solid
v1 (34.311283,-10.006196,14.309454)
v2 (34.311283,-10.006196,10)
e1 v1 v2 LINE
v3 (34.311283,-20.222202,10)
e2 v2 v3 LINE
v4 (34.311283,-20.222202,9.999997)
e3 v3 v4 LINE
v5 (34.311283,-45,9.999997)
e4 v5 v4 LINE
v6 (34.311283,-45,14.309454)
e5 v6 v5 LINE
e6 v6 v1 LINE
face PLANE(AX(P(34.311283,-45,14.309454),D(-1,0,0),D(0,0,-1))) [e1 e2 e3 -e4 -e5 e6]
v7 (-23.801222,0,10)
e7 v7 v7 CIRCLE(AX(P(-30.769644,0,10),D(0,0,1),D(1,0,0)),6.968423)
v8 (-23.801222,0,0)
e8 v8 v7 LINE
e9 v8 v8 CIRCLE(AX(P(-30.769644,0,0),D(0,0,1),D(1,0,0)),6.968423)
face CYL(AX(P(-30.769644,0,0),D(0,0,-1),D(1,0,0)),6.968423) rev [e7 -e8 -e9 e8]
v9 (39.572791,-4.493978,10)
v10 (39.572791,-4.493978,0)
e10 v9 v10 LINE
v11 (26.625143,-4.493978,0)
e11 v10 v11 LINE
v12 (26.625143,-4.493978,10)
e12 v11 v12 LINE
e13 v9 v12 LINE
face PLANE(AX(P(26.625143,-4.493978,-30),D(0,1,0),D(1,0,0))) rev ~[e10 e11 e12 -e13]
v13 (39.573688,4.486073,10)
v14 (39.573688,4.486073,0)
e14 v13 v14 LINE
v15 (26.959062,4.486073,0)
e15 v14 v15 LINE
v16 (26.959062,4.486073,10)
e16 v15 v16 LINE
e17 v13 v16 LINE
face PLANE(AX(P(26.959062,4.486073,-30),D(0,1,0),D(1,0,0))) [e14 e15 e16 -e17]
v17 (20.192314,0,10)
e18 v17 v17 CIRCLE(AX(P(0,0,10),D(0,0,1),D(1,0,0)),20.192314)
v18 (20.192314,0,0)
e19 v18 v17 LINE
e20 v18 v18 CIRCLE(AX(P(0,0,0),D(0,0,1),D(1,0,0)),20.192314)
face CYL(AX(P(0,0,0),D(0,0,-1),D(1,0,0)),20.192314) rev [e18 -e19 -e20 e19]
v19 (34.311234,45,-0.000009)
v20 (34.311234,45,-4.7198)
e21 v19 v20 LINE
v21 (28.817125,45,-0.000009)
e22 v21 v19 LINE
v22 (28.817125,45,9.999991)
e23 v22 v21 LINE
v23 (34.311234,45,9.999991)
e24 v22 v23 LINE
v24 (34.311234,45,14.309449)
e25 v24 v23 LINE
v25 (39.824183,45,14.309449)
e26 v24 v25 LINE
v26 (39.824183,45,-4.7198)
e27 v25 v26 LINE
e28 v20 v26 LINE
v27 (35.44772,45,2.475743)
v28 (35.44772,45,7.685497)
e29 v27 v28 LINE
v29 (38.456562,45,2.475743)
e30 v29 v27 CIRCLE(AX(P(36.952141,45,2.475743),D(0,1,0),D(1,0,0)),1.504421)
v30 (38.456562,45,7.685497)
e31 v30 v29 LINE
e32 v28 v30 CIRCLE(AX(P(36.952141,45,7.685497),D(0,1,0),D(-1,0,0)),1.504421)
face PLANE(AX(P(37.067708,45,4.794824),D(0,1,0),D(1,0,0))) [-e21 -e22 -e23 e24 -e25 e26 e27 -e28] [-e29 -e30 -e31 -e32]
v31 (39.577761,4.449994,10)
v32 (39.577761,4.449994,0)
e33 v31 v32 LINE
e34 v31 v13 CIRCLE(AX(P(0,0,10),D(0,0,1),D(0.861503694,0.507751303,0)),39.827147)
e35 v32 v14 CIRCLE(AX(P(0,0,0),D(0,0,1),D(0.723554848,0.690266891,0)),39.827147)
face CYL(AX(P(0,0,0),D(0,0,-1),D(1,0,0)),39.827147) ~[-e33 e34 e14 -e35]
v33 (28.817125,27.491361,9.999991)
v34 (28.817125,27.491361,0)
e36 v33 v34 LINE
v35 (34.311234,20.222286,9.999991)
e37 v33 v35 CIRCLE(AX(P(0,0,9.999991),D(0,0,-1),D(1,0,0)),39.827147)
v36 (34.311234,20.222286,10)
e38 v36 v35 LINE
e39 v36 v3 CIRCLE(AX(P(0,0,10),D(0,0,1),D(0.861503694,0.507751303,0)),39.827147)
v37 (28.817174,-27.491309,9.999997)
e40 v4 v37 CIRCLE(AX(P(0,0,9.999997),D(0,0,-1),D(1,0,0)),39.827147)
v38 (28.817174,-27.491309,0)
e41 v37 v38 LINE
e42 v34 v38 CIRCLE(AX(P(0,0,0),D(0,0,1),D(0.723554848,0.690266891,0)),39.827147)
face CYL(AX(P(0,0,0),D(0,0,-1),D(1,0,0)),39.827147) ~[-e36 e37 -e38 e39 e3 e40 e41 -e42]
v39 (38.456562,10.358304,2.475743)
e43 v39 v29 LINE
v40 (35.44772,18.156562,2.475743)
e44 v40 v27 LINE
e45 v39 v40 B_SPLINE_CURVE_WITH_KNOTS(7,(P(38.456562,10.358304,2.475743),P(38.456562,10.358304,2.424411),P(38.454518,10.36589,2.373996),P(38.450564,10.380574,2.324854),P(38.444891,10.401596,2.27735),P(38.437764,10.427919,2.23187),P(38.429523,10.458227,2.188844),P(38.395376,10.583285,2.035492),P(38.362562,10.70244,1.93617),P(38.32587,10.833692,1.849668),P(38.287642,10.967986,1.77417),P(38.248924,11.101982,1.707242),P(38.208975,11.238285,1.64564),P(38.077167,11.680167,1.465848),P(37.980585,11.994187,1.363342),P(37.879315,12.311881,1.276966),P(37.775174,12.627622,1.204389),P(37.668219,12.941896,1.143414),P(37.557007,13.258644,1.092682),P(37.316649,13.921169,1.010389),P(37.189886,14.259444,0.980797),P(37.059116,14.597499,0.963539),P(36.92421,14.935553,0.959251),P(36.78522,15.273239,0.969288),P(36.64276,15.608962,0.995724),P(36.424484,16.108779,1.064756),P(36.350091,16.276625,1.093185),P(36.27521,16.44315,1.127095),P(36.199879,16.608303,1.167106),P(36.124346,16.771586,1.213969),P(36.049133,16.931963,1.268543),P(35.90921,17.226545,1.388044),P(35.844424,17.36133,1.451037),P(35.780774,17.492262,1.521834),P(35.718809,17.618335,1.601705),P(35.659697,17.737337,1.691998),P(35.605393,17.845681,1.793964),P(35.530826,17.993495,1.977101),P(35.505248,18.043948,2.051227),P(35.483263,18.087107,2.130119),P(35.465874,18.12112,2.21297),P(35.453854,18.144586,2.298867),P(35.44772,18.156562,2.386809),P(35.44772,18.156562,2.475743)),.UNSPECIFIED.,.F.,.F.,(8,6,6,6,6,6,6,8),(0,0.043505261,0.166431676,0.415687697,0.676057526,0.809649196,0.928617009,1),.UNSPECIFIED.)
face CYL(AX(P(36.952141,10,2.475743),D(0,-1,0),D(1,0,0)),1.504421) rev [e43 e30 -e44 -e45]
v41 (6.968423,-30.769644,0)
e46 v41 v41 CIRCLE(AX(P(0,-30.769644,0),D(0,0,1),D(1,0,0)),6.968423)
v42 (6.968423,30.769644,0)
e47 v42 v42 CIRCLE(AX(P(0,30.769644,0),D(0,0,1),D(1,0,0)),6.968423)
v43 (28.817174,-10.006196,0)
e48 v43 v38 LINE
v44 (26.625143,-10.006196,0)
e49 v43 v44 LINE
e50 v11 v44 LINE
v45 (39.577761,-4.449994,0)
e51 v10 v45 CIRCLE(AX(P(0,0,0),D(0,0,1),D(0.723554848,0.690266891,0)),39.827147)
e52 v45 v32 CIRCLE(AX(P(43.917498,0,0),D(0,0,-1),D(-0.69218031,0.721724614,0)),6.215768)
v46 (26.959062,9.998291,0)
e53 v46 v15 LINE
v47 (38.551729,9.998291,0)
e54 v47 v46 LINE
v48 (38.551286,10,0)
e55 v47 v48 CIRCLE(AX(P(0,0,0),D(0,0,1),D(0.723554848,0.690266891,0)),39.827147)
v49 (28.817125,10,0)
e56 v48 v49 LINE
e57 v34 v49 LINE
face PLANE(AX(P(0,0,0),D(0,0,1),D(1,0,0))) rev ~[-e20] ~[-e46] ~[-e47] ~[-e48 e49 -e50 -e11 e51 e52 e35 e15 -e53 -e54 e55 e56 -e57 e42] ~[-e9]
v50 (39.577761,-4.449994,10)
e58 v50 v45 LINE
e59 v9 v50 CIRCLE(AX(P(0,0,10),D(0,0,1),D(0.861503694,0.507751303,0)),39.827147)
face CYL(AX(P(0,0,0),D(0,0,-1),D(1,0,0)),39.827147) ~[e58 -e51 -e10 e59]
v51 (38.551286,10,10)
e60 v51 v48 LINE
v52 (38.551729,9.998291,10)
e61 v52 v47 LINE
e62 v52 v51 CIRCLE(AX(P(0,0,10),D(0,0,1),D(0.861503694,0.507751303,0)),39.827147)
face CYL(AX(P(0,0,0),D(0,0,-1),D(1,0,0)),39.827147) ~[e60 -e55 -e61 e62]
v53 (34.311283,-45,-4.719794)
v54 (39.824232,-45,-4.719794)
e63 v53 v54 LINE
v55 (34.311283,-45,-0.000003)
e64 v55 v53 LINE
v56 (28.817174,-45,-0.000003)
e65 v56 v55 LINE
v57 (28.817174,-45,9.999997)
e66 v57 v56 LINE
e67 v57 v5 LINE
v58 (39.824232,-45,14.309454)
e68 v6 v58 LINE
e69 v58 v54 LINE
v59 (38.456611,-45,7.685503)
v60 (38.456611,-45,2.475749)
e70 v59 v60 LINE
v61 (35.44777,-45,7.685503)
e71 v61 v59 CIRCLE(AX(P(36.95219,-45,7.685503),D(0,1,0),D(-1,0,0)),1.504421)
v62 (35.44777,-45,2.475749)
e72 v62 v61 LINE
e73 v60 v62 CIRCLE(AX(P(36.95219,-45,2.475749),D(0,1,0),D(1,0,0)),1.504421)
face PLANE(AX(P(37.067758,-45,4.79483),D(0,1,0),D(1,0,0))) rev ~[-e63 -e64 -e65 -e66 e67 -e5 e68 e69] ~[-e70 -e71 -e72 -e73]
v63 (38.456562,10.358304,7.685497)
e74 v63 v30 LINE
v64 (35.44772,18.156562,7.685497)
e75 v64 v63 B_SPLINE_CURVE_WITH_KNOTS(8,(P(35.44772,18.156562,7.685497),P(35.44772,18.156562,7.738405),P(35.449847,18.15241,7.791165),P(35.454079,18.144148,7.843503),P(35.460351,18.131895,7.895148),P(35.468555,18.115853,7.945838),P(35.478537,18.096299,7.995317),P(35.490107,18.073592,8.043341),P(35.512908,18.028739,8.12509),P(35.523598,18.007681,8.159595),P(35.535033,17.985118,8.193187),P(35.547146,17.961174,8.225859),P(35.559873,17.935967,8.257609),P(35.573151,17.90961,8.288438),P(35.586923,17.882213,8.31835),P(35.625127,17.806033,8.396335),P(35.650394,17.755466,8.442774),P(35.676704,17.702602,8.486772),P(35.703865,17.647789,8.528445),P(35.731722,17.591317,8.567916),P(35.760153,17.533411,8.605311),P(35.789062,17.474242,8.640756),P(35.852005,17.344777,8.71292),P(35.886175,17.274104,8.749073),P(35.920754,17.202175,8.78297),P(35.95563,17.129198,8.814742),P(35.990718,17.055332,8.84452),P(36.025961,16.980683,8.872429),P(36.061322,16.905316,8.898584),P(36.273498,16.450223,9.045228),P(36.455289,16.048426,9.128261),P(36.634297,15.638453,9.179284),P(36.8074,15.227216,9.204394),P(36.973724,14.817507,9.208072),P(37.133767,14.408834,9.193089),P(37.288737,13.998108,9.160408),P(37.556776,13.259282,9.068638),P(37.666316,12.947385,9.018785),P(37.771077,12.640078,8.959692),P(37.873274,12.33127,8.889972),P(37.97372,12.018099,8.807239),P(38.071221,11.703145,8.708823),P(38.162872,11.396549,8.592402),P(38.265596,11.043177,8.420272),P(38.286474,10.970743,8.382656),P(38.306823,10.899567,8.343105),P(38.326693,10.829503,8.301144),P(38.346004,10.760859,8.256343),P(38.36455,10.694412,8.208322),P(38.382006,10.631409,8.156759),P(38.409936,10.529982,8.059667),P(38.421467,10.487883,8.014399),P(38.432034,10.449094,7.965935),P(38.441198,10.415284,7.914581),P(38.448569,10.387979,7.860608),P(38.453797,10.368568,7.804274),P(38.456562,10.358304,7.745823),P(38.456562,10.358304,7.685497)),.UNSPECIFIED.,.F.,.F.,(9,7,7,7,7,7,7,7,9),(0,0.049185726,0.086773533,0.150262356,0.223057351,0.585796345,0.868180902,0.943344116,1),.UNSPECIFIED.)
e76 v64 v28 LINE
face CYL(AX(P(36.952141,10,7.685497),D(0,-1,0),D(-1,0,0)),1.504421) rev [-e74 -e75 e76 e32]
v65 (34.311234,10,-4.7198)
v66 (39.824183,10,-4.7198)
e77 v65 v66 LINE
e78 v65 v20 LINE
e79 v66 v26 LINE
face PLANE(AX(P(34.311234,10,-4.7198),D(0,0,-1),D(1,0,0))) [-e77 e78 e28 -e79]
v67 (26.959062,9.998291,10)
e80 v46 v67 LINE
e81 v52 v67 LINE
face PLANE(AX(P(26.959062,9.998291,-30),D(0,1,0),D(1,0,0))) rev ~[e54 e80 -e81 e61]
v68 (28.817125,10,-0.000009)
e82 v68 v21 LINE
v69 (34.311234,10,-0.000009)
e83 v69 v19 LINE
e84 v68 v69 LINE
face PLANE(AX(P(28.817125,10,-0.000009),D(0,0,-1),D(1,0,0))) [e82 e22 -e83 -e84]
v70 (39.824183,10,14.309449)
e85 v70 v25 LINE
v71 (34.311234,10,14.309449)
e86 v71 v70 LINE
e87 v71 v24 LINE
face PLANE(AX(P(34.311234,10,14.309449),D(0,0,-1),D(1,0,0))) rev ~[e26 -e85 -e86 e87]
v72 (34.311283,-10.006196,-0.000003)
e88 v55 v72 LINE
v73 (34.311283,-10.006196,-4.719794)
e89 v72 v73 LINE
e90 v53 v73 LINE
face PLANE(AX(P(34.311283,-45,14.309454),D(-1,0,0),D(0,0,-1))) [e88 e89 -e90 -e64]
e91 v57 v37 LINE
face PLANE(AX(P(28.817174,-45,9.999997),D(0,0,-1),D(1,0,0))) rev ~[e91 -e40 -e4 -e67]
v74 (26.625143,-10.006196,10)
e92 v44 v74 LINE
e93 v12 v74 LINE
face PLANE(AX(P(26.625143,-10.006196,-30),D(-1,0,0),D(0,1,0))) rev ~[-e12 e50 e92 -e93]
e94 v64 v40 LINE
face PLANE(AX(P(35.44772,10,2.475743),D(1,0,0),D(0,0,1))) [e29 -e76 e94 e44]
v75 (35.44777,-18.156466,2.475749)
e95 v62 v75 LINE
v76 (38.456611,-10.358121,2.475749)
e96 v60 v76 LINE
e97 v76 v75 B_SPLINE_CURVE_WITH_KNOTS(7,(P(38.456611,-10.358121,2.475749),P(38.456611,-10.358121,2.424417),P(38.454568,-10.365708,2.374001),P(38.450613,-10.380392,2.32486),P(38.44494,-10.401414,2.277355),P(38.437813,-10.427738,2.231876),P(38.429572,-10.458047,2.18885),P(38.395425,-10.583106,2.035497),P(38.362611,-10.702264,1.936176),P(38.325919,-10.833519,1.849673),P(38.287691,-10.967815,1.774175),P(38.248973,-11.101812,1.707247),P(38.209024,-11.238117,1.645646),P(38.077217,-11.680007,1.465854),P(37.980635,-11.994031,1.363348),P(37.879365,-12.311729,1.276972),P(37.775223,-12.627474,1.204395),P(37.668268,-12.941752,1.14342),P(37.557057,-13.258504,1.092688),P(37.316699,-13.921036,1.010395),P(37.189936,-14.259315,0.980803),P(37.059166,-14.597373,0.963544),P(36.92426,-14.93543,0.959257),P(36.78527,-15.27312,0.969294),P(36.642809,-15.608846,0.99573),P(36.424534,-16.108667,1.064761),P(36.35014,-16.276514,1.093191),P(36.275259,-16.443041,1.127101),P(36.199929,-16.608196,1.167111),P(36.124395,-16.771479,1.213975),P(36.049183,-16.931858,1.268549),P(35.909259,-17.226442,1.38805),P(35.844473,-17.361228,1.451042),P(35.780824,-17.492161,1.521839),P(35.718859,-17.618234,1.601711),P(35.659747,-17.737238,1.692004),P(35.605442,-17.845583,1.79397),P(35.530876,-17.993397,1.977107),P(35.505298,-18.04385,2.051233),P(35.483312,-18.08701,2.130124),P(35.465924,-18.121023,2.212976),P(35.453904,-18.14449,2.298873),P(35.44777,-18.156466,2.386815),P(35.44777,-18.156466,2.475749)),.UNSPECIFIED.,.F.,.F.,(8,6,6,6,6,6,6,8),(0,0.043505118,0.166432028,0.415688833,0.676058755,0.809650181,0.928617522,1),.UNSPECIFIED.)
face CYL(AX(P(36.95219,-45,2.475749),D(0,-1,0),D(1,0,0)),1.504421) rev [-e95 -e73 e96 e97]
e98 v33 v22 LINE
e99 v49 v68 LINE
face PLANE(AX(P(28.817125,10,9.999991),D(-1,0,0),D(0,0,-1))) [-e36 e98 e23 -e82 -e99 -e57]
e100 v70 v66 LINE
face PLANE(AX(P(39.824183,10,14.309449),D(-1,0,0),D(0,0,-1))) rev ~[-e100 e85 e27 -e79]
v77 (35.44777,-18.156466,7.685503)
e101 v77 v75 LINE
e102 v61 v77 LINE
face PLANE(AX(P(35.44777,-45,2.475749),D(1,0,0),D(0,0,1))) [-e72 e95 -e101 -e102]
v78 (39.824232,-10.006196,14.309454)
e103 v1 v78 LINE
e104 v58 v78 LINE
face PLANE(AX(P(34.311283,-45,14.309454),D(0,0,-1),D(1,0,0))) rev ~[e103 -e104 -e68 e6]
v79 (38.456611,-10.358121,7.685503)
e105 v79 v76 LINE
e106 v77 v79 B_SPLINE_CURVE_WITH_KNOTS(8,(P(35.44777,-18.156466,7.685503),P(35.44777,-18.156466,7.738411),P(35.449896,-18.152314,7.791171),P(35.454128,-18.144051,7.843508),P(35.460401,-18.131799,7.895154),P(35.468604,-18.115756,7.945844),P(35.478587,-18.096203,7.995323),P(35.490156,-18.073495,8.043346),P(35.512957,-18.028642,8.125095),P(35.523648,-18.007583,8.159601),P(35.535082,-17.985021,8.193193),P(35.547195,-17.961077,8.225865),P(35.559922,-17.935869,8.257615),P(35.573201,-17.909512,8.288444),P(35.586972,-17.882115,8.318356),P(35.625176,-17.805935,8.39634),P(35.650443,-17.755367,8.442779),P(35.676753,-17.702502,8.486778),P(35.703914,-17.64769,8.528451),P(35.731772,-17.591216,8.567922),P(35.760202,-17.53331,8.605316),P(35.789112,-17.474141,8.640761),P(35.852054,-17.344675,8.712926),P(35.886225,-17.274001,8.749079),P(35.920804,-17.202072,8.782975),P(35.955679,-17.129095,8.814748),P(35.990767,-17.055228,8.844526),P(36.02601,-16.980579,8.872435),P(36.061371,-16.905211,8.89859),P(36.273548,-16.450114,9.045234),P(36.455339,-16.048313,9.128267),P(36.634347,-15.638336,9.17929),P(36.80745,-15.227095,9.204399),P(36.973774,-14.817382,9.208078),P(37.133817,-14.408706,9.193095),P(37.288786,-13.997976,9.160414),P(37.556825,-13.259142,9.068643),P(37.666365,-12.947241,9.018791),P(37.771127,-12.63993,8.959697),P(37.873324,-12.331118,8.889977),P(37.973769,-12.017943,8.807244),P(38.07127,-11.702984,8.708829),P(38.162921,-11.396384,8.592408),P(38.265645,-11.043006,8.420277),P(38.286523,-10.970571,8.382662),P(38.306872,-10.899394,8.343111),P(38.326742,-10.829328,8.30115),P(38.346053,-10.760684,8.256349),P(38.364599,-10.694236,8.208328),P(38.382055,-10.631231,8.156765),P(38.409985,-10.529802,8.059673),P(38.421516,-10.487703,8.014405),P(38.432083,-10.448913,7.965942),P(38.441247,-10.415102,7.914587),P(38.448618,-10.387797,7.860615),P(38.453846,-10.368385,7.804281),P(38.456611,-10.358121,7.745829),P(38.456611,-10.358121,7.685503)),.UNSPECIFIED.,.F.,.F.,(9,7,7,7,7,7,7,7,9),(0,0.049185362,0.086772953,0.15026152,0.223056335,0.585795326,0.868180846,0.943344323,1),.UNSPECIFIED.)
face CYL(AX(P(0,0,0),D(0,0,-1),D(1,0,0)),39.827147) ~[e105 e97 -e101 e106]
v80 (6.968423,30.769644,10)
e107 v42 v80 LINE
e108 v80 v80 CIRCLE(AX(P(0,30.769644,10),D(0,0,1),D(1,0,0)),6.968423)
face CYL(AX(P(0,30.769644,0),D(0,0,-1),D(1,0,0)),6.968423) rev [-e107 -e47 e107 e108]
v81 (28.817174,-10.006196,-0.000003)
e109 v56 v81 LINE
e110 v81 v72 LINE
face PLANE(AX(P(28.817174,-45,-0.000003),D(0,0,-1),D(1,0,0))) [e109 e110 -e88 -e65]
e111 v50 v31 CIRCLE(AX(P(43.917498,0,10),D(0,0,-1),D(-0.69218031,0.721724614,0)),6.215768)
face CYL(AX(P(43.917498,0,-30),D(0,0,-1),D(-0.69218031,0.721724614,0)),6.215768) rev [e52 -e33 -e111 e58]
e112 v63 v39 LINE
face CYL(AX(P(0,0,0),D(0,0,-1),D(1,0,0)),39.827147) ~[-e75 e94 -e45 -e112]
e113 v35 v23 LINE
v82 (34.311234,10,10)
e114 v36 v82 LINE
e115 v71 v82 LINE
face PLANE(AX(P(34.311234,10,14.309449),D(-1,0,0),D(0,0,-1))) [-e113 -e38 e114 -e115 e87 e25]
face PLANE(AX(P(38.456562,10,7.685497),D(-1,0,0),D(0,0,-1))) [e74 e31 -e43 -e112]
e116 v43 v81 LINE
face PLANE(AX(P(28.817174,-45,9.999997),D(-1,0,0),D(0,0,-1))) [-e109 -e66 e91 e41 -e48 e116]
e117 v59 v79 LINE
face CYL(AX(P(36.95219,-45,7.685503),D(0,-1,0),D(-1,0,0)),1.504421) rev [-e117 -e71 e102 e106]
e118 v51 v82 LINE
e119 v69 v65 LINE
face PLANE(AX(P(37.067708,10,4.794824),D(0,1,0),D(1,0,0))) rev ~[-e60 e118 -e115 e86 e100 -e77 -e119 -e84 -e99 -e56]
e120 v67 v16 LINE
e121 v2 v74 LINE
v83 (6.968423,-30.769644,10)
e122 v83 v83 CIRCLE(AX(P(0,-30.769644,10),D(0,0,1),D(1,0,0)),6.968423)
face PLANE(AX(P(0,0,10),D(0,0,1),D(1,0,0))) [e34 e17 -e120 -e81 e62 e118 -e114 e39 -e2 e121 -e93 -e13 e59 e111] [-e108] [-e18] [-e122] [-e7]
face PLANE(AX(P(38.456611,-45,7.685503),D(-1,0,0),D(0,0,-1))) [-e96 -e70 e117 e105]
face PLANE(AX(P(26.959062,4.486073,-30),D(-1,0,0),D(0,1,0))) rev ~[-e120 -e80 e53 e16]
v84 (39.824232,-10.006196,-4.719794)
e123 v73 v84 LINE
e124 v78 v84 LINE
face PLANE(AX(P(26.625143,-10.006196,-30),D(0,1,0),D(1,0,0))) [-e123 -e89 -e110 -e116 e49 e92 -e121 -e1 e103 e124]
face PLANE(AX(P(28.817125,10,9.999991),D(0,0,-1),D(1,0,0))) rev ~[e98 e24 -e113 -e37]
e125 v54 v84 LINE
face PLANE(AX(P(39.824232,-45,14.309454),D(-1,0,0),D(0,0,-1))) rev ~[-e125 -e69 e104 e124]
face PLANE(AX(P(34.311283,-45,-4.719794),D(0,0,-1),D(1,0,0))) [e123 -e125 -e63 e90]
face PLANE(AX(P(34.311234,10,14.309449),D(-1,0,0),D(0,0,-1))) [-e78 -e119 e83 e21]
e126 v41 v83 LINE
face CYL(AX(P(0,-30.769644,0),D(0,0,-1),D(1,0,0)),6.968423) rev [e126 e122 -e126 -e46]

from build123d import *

# Parameters (mm, degrees)
SKETCH_1_R               = 39.827146721
SKETCH_1_R_2             = 20.192313572
SKETCH_1_R_3             = 6.968422522
EXTRUDE_1_DEPTH          = 10
EXTRUDE_4_DEPTH          = 25
EXTRUDE_4_DEPTH_BACK     = 10
SKETCH_9_W               = 5.512948522
SKETCH_9_H               = 19.029248926
SKETCH_9_W_2             = 5.494108899
SKETCH_9_H_2             = 10
EXTRUDE_5_DEPTH          = 10
EXTRUDE_5_DEPTH_BACK     = 25
SKETCH_10_W              = 5.512948523
SKETCH_10_H              = 19.029248926
SKETCH_10_W_2            = 5.494108899
SKETCH_10_H_2            = 10
CUT_EXTRUDE_3_DEPTH      = 30
CUT_EXTRUDE_3_DEPTH_BACK = 30
SKETCH_11_R              = 6.215767845
SKETCH_11_W              = 17.292355096
SKETCH_11_H              = 5.512218416


with BuildPart() as part:
    # 草图1 → 凸台-拉伸1 (new body)
    with BuildSketch(Plane.XY):
        Circle(SKETCH_1_R)
        Circle(SKETCH_1_R_2, mode=Mode.SUBTRACT)
        with Locations((0, 30.769644044)):
            Circle(SKETCH_1_R_3, mode=Mode.SUBTRACT)
        with Locations((0, -30.769644044)):
            Circle(SKETCH_1_R_3, mode=Mode.SUBTRACT)
        with Locations((-30.769644044, 0)):
            Circle(SKETCH_1_R_3, mode=Mode.SUBTRACT)
    extrude(amount=EXTRUDE_1_DEPTH)

    # 草图9 → 凸台-拉伸4 (add, two sides: drawn at the far end of the back side and taken through both)
    # profile 1 of 2: a face of its own
    with BuildSketch(Plane(origin=(0, 20, 0), x_dir=(1, 0, 0), z_dir=(0, 1, 0)).offset(-EXTRUDE_4_DEPTH_BACK)):
        with Locations((37.067708268, -4.794824214)):
            Rectangle(SKETCH_9_W, SKETCH_9_H)
        with BuildLine():
            ThreePointArc((35.447720425, -7.685496918), (36.952141211, -9.189917704), (38.456561997, -7.685496918))
            Line((38.456561997, -7.685496918), (38.456561997, -2.475743455))
            ThreePointArc((38.456561997, -2.475743455), (36.952141211, -0.971322669), (35.447720425, -2.475743455))
            Line((35.447720425, -2.475743455), (35.447720425, -7.685496918))
        make_face(mode=Mode.SUBTRACT)
    # profile 2 of 2: a face of its own
    with BuildSketch(Plane(origin=(0, 20, 0), x_dir=(1, 0, 0), z_dir=(0, 1, 0)).offset(-EXTRUDE_4_DEPTH_BACK)):
        with Locations((31.564179558, -4.999991318)):
            Rectangle(SKETCH_9_W_2, SKETCH_9_H_2)
    extrude(amount=EXTRUDE_4_DEPTH + EXTRUDE_4_DEPTH_BACK)

    # 草图10 → 凸台-拉伸5 (add, two sides: drawn at the far end of the back side and taken through both)
    # profile 1 of 2: a face of its own
    with BuildSketch(Plane(origin=(0, -20, 0), x_dir=(1, 0, 0), z_dir=(0, 1, 0)).offset(-EXTRUDE_5_DEPTH_BACK)):
        with Locations((37.067757535, -4.794829971)):
            Rectangle(SKETCH_10_W, SKETCH_10_H)
        with BuildLine():
            ThreePointArc((35.447769691, -7.685502675), (36.952190477, -9.189923461), (38.456611263, -7.685502675))
            Line((38.456611263, -7.685502675), (38.456611263, -2.475749212))
            ThreePointArc((38.456611263, -2.475749212), (36.952190477, -0.971328426), (35.447769691, -2.475749212))
            Line((35.447769691, -2.475749212), (35.447769691, -7.685502675))
        make_face(mode=Mode.SUBTRACT)
    # profile 2 of 2: a face of its own
    with BuildSketch(Plane(origin=(0, -20, 0), x_dir=(1, 0, 0), z_dir=(0, 1, 0)).offset(-EXTRUDE_5_DEPTH_BACK)):
        with Locations((31.564228824, -4.999997076)):
            Rectangle(SKETCH_10_W_2, SKETCH_10_H_2)
    extrude(amount=EXTRUDE_5_DEPTH + EXTRUDE_5_DEPTH_BACK)

    # 草图11 → 切除-拉伸3 (cut, two sides: drawn at the far end of the back side and taken through both)
    with BuildSketch(Plane.XY.offset(-CUT_EXTRUDE_3_DEPTH_BACK)):
        with BuildLine():
            ThreePointArc((39.615066117, 4.486072646), (37.701733016, -0.005715671), (39.62332367, -4.493977606))
            Line((39.62332367, -4.493977606), (43.917498233, -4.493977606))
            Line((43.917498233, -4.493977606), (43.917498233, -6.215767845))
            ThreePointArc((43.917498233, -6.215767845), (48.312709827, -4.395211593), (50.133266078, 0))
            ThreePointArc((50.133266078, 0), (48.429223467, 4.275523982), (44.251416636, 6.206792118))
            Line((44.251416636, 6.206792118), (44.251416636, 4.486072646))
            Line((44.251416636, 4.486072646), (39.615066117, 4.486072646))
        make_face()
        with Locations((43.917498233, 0)):
            Circle(SKETCH_11_R)
        with Locations((35.605239088, 7.242181854)):
            Rectangle(SKETCH_11_W, SKETCH_11_H)
        with Locations((35.271320685, -7.250086814)):
            Rectangle(SKETCH_11_W, SKETCH_11_H)
    extrude(amount=CUT_EXTRUDE_3_DEPTH + CUT_EXTRUDE_3_DEPTH_BACK, mode=Mode.SUBTRACT)


solid = part.part
